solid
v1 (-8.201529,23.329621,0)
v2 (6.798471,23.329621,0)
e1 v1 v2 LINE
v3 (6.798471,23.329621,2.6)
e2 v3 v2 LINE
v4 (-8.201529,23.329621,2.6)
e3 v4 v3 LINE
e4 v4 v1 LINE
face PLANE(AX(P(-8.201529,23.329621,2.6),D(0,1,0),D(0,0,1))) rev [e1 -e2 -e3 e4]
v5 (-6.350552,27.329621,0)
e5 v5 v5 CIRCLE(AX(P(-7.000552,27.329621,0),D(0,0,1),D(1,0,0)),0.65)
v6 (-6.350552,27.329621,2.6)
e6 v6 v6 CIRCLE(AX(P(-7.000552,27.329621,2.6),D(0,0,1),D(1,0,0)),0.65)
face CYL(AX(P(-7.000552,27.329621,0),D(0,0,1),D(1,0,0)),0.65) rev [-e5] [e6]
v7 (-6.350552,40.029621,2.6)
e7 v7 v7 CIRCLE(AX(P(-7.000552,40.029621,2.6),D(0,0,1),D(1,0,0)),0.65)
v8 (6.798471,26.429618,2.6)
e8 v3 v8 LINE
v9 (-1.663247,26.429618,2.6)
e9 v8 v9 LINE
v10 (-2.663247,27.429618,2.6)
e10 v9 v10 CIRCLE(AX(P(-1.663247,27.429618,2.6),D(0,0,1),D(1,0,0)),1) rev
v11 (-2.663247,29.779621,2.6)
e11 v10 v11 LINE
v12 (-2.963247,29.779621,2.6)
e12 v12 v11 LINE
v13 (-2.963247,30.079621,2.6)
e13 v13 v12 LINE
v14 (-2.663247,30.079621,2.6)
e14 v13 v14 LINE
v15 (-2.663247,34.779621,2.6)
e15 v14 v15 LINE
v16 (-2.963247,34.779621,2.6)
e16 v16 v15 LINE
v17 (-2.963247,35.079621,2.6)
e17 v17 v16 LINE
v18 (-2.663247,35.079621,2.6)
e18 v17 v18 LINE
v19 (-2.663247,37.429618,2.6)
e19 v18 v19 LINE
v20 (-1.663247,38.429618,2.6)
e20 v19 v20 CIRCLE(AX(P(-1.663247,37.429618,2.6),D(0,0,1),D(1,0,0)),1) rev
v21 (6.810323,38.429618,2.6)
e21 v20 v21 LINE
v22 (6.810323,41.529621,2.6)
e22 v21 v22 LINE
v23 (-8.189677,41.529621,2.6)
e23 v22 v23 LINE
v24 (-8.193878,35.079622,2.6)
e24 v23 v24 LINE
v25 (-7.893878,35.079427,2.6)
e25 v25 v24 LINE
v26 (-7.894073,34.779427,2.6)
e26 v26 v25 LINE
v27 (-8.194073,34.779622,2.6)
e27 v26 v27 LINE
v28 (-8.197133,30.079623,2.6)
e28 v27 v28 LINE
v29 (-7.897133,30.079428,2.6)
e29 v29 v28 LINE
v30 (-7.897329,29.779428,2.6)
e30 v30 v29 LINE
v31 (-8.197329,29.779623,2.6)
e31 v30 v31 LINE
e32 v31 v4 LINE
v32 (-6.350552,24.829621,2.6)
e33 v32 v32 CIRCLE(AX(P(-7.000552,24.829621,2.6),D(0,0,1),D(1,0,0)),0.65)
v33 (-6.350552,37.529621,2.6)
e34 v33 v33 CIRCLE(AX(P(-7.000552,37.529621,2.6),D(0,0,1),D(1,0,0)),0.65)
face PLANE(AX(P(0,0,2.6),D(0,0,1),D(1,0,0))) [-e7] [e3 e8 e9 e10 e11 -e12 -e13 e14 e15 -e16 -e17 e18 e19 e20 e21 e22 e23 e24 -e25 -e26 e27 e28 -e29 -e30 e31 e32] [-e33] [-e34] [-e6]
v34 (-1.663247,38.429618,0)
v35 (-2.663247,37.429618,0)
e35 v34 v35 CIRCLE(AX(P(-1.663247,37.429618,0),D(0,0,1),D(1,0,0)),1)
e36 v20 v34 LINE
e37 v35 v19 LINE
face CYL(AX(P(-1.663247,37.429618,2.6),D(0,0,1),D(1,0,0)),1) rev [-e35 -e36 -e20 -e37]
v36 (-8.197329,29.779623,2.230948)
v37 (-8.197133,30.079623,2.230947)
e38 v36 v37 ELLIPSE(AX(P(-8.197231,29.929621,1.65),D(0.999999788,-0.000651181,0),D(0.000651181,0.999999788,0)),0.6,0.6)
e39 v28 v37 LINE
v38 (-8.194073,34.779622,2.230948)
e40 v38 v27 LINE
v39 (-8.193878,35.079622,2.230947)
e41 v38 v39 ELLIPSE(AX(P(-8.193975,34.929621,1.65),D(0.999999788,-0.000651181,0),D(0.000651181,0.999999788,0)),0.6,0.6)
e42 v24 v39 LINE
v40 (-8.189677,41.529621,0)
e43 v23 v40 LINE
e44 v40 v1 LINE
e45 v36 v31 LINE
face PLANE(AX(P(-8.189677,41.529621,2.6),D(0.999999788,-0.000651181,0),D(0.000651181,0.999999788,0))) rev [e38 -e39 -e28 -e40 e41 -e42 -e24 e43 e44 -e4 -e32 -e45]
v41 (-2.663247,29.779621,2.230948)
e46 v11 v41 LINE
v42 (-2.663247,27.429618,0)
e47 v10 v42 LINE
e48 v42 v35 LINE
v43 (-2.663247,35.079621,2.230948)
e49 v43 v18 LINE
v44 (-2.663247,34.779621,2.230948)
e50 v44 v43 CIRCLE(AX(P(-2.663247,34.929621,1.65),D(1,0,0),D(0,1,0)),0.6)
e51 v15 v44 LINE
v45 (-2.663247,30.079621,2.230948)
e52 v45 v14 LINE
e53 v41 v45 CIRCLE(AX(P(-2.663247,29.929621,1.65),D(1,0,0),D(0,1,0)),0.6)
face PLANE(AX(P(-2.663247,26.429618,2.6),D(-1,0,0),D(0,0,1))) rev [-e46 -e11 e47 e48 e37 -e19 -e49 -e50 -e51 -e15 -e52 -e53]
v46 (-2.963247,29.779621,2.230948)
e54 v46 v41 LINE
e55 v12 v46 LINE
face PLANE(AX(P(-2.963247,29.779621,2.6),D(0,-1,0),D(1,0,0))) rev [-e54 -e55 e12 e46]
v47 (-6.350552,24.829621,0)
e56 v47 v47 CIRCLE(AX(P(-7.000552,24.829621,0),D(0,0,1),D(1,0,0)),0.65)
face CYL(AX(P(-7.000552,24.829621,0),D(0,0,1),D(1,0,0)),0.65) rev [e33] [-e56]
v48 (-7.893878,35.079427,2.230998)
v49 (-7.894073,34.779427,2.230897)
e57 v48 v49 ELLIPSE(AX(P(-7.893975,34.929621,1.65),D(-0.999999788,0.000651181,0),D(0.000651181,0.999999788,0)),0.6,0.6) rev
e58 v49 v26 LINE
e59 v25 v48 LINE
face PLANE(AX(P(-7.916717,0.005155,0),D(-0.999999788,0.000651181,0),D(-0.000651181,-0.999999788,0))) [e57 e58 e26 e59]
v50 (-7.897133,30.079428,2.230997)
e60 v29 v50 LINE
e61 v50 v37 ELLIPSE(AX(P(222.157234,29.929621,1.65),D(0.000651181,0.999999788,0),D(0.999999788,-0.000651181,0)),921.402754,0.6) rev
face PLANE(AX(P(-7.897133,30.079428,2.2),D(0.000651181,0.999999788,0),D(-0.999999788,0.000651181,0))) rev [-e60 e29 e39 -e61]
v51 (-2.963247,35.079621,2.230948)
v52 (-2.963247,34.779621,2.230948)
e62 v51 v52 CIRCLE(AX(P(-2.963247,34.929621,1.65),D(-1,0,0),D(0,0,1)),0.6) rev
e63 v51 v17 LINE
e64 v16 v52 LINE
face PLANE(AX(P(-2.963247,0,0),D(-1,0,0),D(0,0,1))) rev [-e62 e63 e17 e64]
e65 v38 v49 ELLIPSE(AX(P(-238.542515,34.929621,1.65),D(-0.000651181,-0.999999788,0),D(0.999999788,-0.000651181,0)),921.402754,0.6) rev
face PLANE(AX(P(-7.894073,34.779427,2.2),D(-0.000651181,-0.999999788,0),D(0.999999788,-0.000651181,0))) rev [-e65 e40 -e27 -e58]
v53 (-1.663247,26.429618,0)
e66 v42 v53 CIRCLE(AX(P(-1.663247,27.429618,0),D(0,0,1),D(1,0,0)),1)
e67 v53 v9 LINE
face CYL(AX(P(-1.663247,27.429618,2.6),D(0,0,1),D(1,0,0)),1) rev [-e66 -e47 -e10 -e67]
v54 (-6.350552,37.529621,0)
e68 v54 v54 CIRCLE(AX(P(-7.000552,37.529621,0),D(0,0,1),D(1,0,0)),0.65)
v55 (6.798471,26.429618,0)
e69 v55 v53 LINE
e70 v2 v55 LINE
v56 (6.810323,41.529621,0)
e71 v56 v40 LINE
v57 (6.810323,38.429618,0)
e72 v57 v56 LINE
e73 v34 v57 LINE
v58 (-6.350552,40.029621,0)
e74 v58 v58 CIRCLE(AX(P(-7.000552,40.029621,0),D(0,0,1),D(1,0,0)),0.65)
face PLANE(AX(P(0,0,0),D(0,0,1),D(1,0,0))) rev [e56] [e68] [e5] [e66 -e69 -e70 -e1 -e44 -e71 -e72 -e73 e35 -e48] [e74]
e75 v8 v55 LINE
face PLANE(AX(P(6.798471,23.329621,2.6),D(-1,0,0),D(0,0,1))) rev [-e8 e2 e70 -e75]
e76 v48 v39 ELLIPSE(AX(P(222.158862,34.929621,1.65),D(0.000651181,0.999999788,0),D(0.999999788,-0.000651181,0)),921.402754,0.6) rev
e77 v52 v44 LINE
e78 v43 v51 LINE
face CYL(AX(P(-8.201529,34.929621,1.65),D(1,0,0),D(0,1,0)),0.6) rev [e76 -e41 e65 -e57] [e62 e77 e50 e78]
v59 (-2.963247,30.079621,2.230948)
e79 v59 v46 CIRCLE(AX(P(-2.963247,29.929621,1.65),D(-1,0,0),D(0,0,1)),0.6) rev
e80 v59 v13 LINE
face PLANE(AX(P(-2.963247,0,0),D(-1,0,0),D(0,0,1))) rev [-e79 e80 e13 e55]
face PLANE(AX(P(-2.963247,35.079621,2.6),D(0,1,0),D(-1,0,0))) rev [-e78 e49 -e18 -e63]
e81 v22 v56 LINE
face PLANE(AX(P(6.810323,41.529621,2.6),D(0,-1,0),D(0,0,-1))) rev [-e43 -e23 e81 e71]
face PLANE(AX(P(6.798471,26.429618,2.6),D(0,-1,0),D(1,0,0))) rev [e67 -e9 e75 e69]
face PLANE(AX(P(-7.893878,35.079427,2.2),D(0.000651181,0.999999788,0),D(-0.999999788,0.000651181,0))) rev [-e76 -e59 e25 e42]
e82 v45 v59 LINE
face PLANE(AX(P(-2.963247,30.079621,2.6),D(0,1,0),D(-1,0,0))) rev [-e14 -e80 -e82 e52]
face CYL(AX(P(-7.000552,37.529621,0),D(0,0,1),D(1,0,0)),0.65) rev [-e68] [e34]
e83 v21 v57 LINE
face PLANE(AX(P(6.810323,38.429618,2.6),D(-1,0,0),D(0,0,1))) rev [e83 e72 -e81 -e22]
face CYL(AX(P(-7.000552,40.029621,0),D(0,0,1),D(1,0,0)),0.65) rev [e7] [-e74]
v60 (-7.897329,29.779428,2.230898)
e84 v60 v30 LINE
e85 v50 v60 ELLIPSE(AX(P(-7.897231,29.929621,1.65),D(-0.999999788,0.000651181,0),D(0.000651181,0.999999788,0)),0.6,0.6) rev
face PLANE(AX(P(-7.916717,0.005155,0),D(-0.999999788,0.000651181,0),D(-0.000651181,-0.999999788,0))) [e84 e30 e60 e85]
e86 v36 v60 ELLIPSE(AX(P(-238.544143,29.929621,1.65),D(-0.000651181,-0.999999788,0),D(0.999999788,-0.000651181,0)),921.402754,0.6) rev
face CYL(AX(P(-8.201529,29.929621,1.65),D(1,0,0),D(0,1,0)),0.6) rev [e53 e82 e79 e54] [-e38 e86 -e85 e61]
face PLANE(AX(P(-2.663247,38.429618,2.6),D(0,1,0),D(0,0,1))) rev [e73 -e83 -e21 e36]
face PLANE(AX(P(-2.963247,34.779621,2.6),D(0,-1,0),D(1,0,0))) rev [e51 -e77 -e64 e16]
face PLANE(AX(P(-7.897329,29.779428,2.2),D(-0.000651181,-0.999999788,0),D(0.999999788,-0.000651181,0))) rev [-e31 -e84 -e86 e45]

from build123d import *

# Parameters (mm, degrees)
EXTRUDE_1_DEPTH     = 2.6
SKETCH_2_R          = 0.65
CUT_EXTRUDE_1_DEPTH = 43.411489878
SKETCH_3_R          = 0.6
CUT_EXTRUDE_2_DEPTH = 43.675729829
SKETCH_5_W          = 0.4
SKETCH_5_H          = 0.3
CUT_EXTRUDE_3_DEPTH = 0.3
SKETCH_7_W          = 0.4
SKETCH_7_H          = 0.3
CUT_EXTRUDE_4_DEPTH = 0.3
FILLET_1_R          = 1


with BuildPart() as part:
    # 草圖1 → 填料-伸長1 (new body)
    with BuildSketch(Plane.XY):
        Polygon((6.798471119, 23.329620726), (6.798471119, 26.429618372), (-2.663246867, 26.429618372), (-2.663246867, 38.429618372), (6.810322616, 38.429618372), (6.810322616, 41.529620726), (-8.189677384, 41.529620726), (-8.201528881, 23.329620726), align=None)
    extrude(amount=EXTRUDE_1_DEPTH)

    # 草圖2 → 除料-伸長1 (cut, through all)
    with BuildSketch(Plane.XY.offset(2.6)):
        with Locations((-7.000552109, 24.829620726)):
            Circle(SKETCH_2_R)
        with Locations((-7.000552109, 27.329620726)):
            Circle(SKETCH_2_R)
        with Locations((-7.000552109, 40.029620726)):
            Circle(SKETCH_2_R)
        with Locations((-7.000552109, 37.529620726)):
            Circle(SKETCH_2_R)
    extrude(amount=-CUT_EXTRUDE_1_DEPTH, mode=Mode.SUBTRACT)

    # 草圖3 → 除料-伸長2 (cut, through all)
    with BuildSketch(Plane(origin=(-2.663246867, 0, 0), x_dir=(0, 0, -1), z_dir=(1, 0, 0))):
        with Locations(Location((-1.65, 34.929620726, 0), (0, 0, 90))):
            Circle(SKETCH_3_R)
        with Locations(Location((-1.65, 29.929620726, 0), (0, 0, 90))):
            Circle(SKETCH_3_R)
    extrude(amount=-CUT_EXTRUDE_2_DEPTH, mode=Mode.SUBTRACT)

    # 草圖5 → 除料-伸長3 (cut)
    with BuildSketch(Plane(origin=(-8.216717207, 0.005350572, 0), x_dir=(0, 0, 1), z_dir=(-0.9999997879816068, 0.0006511810359147792, 0))):
        with Locations((2.4, 34.924278959)):
            Rectangle(SKETCH_5_W, SKETCH_5_H)
        with Locations((2.4, 29.924278959)):
            Rectangle(SKETCH_5_W, SKETCH_5_H)
    extrude(amount=-CUT_EXTRUDE_3_DEPTH, mode=Mode.SUBTRACT)

    # 草圖7 → 除料-伸長4 (cut)
    with BuildSketch(Plane(origin=(-2.663246867, 0, 0), x_dir=(0, 0, -1), z_dir=(1, 0, 0))):
        with Locations((-2.4, 29.929620726)):
            Rectangle(SKETCH_7_W, SKETCH_7_H)
        with Locations((-2.4, 34.929620726)):
            Rectangle(SKETCH_7_W, SKETCH_7_H)
    extrude(amount=-CUT_EXTRUDE_4_DEPTH, mode=Mode.SUBTRACT)

    # 圓角1
    fillet_1_edges = [part.edges().sort_by_distance(p)[0] for p in [
        (-2.663246867, 38.429618372, 1.3),
        (-2.663246867, 26.429618372, 1.3),
    ]]
    fillet(fillet_1_edges, radius=FILLET_1_R)


solid = part.part
